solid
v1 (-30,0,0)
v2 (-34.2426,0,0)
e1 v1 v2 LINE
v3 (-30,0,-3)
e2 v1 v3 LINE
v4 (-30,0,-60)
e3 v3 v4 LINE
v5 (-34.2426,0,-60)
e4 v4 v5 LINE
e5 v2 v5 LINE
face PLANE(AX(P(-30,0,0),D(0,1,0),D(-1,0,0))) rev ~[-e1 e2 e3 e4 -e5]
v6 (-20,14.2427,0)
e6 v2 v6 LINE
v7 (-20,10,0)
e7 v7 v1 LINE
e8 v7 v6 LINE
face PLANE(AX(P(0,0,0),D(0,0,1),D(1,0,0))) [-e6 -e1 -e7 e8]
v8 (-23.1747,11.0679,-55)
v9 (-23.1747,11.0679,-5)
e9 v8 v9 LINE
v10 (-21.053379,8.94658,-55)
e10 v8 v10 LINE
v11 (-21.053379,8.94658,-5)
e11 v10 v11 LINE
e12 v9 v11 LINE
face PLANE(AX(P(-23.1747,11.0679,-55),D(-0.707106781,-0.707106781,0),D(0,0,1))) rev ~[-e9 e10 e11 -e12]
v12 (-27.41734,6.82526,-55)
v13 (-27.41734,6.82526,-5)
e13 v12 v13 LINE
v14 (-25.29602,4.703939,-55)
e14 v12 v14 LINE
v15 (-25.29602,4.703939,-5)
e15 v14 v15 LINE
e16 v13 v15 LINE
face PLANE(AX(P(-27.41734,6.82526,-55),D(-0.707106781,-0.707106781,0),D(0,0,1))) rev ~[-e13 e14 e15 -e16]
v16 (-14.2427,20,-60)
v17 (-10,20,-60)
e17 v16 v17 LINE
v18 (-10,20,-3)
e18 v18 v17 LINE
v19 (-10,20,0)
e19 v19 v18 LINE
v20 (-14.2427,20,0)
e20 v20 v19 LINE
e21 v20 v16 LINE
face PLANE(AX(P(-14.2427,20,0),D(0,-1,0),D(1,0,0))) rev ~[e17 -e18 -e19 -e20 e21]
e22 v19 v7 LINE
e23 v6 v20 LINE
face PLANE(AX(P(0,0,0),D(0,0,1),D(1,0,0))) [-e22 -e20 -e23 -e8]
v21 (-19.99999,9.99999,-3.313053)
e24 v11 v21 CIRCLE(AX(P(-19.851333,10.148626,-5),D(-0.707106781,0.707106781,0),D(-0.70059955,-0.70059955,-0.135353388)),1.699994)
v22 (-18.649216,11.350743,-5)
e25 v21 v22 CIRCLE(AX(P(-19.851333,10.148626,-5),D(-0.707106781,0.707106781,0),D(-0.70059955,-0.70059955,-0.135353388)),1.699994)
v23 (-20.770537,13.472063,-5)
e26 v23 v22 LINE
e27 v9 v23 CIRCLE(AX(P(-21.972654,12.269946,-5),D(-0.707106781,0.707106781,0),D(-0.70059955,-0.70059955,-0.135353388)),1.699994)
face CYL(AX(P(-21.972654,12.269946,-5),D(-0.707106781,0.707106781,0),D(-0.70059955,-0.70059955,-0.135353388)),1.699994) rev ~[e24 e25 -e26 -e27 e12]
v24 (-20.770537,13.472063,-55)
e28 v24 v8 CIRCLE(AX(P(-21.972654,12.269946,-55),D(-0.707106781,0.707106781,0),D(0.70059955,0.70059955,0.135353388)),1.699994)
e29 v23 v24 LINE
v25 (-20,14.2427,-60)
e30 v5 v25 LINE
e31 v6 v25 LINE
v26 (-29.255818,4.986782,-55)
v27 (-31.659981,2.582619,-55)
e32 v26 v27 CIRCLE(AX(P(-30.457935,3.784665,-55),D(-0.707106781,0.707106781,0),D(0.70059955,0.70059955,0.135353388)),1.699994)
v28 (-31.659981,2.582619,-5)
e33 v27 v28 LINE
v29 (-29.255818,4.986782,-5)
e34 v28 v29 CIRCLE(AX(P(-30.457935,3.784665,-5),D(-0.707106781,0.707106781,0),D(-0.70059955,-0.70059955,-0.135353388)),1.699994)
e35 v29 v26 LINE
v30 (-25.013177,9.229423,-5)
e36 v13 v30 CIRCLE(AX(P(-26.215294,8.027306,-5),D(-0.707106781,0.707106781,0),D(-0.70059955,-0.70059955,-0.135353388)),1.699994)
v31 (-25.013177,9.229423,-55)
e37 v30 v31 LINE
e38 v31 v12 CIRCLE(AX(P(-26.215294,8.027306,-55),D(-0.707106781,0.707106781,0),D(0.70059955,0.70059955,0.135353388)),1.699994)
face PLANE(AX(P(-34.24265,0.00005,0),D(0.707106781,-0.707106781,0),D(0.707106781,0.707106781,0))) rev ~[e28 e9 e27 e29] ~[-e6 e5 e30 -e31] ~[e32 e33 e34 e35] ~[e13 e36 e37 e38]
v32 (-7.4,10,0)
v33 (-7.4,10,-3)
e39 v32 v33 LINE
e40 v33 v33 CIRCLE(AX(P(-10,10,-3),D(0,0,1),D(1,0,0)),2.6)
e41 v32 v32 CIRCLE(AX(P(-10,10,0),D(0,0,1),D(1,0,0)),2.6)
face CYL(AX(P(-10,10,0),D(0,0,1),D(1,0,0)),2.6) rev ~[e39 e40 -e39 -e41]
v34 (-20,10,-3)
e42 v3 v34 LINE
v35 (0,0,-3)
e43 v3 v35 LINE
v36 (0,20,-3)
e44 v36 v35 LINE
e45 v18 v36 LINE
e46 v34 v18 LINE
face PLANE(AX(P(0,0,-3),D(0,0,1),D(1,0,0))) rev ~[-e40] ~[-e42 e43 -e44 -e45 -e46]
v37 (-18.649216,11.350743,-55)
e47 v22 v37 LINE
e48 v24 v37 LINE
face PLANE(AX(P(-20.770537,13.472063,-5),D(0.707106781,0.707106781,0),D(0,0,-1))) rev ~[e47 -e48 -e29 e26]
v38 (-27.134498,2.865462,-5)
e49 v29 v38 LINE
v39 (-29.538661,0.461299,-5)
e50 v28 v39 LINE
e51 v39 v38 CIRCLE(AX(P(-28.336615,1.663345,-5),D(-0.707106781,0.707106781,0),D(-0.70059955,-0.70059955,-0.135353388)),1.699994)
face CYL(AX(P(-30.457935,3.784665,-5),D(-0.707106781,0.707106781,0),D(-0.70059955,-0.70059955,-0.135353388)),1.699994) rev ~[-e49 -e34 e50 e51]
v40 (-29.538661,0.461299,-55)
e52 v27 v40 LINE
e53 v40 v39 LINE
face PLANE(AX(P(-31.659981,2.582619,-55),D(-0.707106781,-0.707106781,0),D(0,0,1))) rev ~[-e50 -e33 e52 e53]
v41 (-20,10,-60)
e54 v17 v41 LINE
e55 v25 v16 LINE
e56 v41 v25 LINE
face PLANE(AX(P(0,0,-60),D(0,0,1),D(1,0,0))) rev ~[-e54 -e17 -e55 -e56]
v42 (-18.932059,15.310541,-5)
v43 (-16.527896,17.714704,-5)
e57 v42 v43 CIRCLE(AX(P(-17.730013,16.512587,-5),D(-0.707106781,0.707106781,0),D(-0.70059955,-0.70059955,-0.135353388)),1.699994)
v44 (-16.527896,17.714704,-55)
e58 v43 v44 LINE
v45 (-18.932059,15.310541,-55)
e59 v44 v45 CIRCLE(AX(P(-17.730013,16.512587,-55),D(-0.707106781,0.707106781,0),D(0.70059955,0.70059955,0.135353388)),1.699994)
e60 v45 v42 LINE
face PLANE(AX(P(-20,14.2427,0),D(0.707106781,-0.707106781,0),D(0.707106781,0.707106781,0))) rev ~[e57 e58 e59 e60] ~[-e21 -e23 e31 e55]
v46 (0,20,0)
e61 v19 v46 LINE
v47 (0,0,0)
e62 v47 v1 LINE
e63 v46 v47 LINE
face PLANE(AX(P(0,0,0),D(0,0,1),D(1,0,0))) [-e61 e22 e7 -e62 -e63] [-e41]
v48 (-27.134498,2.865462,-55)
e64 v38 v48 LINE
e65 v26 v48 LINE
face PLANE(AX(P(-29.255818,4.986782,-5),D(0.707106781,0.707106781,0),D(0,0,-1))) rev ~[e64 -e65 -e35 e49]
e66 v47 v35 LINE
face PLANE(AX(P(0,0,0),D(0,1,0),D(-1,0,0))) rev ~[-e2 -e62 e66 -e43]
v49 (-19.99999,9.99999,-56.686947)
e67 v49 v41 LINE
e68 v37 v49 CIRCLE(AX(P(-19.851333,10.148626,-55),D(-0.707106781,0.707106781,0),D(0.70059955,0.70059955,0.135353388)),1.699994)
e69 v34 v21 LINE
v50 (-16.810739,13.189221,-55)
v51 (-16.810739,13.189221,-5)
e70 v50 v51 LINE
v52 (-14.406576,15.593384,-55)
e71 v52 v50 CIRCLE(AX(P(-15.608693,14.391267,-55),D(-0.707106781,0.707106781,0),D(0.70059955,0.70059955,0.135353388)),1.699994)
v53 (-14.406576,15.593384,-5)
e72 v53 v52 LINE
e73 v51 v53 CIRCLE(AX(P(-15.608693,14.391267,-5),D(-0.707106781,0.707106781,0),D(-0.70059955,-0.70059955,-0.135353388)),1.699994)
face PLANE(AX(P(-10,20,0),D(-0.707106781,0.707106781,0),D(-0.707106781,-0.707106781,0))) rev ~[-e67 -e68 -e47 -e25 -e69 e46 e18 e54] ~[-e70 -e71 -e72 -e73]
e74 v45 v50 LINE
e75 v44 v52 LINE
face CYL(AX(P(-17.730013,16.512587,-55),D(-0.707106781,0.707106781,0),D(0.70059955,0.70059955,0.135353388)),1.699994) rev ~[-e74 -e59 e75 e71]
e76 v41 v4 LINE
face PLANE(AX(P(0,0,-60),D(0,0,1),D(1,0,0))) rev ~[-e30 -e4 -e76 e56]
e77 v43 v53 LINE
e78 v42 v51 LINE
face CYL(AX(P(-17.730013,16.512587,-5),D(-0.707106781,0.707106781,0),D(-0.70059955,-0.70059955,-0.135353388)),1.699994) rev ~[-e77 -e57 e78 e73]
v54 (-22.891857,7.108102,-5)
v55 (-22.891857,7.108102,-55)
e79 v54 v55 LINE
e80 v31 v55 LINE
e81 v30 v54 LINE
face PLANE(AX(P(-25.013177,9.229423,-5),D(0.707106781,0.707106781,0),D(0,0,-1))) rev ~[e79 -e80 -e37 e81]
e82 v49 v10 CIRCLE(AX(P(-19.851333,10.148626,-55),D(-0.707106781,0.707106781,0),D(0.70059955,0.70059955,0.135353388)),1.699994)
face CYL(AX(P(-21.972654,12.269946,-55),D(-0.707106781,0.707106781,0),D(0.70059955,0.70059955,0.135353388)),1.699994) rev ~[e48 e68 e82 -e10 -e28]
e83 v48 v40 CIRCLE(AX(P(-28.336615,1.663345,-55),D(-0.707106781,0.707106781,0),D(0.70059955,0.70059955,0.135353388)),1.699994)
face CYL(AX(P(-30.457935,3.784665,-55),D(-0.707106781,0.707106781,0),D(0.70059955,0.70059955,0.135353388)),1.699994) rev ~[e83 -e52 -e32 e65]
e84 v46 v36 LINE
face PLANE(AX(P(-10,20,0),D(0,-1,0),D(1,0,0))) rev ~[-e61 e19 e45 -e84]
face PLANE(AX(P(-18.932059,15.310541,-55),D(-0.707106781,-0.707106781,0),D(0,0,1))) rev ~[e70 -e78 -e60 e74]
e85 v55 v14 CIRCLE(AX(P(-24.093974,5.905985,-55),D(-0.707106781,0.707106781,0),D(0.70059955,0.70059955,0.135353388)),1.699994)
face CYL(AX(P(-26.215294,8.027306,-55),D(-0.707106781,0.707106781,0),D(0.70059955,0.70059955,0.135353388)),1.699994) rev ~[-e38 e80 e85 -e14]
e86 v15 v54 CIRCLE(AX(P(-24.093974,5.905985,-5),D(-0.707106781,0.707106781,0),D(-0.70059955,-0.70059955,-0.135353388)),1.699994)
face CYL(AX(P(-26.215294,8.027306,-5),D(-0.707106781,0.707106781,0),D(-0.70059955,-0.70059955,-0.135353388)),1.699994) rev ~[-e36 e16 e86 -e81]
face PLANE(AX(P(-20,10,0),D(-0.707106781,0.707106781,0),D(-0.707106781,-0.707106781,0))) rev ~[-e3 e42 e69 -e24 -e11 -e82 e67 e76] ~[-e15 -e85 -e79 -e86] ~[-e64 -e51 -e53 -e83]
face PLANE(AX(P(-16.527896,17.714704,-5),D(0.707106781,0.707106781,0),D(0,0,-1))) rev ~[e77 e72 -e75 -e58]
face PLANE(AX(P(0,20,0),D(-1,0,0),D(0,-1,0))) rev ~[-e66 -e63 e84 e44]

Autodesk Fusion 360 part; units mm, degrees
sketch "Sketch1" plane through (0, 0, 0) normal (0, 0, 1) x (1, 0, 0)
  line L0 (0, 0) -> (-20, 0)
  line L1 (-20, 0) -> (-20, 20)
  line L2 (-20, 20) -> (0, 20)
  line L3 (0, 20) -> (0, 0)
  line L4 (-20, 20) -> (0, 0) construction
  circle A0 centre (-10, 10) radius 2.6
  line L5 (-10, 20) -> (-20, 10)
  line L6 (-20, 10) -> (-34.1421, -4.1421)
  line L7 (-20, 10) -> (-0.3454, 10) construction
  line L8 (-34.1421, -4.1421) -> (-36.2635, -2.0208)
  line L9 (-34.1421, -4.1421) -> (-30.4876, -4.1421) construction
  line L10 (-36.2635, -2.0208) -> (-7.9792, 26.2635)
  line L11 (-36.2635, -2.0208) -> (3.0294, -2.0208) construction
  line L12 (-10, 20) -> (-12.1213, 22.1213)
  line L13 (-20, 0) -> (-34.2426, 0)
  dimension "d5" = 20
  dimension "d6" = 20
  dimension "d7" = 5.2
  dimension "d8" = 135
  dimension "d9" = 20
  dimension "d10" = 135
  dimension "d11" = 3
  dimension "d14" = 45
  dimension "d15" = 40
extrude "Extrude1" add sketch "Sketch1" against normal blind 3 contours L0 L1 L2 L3 L5 | L1 L6 L13 makes body 1
extrude "Extrude2" add sketch "Sketch1" against normal blind 60 separate body contours L1 L6 L10 L13 | L1 L2 L5 L10 makes body 2
sketch "Sketch2" plane through (-17.1213, 17.1213, 0) normal (-0.7071, 0.7071, 0) x (-0.7071, -0.7071, 0)
  line L0 (24.2132, 0) -> (-4.0711, 0)
  line L1 (-4.0711, 0) -> (-4.0711, -60)
  line L2 (-4.0711, -60) -> (24.2132, -60)
  line L3 (24.2132, -60) -> (24.2132, 0)
  line L4 (24.2132, -30) -> (-4.0711, -30) construction
  line L5 (17.1608, -55) -> (20.5608, -55) construction
  line L6 (20.5608, -55) -> (20.5608, -5)
  line L7 (20.5608, -5) -> (17.1608, -5) construction
  line L8 (17.1608, -5) -> (17.1608, -55)
  line L9 (17.1608, -55) -> (20.5608, -5) construction
  line L10 (20.5608, -55) -> (17.1608, -5) construction
  arc A0 (17.1765, -54.7699) -> (20.5452, -54.7699) centre (18.8608, -55) ccw
  arc A1 (20.5452, -5.2301) -> (17.1765, -5.2301) centre (18.8608, -5) ccw
  arc A2 (11.1765, -54.7699) -> (14.5452, -54.7699) centre (12.8608, -55) ccw
  line L11 (14.5608, -55) -> (14.5608, -5)
  line L12 (11.1608, -5) -> (11.1608, -55)
  arc A3 (14.5452, -5.2301) -> (11.1765, -5.2301) centre (12.8608, -5) ccw
  arc A4 (5.1765, -54.7699) -> (8.5452, -54.7699) centre (6.8608, -55) ccw
  line L13 (8.5608, -55) -> (8.5608, -5)
  line L14 (5.1608, -5) -> (5.1608, -55)
  arc A5 (8.5452, -5.2301) -> (5.1765, -5.2301) centre (6.8608, -5) ccw
  arc A6 (-0.8235, -54.7699) -> (2.5452, -54.7699) centre (0.8608, -55) ccw
  line L15 (2.5608, -55) -> (2.5608, -5)
  line L16 (-0.8392, -5) -> (-0.8392, -55)
  arc A7 (2.5452, -5.2301) -> (-0.8235, -5.2301) centre (0.8608, -5) ccw
  point P0 (18.8608, -30)
  dimension "d23" = 3.4
  dimension "d24" = 50
  dimension "d27" = -6
  dimension "d28" = 0
extrude "Extrude3" cut sketch "Sketch2" against normal blind 3 contours L6 L8 A0 A1 | A2 L11 L12 A3 | A4 L13 L14 A5 | A6 L15 L16 A7 bodies 2
combine "Combine1" operation add target body 1 tool bodies 2
equation "holder_depth = 20 mm"
equation "holder_width = 20 mm"
equation "d5 = holder_width"
equation "d6 = holder_depth"
equation "d7 = m5_hole"
equation "d11 = holder_base_height"
equation "holder_base_height = 3 mm"
equation "holder_height = 60 mm"
equation "d23 = m3_hole"
equation "d24 = holder_height - 10 mm"
equation "m3_hole = 3.4 mm"
equation "m5_hole = 5.2 mm"
